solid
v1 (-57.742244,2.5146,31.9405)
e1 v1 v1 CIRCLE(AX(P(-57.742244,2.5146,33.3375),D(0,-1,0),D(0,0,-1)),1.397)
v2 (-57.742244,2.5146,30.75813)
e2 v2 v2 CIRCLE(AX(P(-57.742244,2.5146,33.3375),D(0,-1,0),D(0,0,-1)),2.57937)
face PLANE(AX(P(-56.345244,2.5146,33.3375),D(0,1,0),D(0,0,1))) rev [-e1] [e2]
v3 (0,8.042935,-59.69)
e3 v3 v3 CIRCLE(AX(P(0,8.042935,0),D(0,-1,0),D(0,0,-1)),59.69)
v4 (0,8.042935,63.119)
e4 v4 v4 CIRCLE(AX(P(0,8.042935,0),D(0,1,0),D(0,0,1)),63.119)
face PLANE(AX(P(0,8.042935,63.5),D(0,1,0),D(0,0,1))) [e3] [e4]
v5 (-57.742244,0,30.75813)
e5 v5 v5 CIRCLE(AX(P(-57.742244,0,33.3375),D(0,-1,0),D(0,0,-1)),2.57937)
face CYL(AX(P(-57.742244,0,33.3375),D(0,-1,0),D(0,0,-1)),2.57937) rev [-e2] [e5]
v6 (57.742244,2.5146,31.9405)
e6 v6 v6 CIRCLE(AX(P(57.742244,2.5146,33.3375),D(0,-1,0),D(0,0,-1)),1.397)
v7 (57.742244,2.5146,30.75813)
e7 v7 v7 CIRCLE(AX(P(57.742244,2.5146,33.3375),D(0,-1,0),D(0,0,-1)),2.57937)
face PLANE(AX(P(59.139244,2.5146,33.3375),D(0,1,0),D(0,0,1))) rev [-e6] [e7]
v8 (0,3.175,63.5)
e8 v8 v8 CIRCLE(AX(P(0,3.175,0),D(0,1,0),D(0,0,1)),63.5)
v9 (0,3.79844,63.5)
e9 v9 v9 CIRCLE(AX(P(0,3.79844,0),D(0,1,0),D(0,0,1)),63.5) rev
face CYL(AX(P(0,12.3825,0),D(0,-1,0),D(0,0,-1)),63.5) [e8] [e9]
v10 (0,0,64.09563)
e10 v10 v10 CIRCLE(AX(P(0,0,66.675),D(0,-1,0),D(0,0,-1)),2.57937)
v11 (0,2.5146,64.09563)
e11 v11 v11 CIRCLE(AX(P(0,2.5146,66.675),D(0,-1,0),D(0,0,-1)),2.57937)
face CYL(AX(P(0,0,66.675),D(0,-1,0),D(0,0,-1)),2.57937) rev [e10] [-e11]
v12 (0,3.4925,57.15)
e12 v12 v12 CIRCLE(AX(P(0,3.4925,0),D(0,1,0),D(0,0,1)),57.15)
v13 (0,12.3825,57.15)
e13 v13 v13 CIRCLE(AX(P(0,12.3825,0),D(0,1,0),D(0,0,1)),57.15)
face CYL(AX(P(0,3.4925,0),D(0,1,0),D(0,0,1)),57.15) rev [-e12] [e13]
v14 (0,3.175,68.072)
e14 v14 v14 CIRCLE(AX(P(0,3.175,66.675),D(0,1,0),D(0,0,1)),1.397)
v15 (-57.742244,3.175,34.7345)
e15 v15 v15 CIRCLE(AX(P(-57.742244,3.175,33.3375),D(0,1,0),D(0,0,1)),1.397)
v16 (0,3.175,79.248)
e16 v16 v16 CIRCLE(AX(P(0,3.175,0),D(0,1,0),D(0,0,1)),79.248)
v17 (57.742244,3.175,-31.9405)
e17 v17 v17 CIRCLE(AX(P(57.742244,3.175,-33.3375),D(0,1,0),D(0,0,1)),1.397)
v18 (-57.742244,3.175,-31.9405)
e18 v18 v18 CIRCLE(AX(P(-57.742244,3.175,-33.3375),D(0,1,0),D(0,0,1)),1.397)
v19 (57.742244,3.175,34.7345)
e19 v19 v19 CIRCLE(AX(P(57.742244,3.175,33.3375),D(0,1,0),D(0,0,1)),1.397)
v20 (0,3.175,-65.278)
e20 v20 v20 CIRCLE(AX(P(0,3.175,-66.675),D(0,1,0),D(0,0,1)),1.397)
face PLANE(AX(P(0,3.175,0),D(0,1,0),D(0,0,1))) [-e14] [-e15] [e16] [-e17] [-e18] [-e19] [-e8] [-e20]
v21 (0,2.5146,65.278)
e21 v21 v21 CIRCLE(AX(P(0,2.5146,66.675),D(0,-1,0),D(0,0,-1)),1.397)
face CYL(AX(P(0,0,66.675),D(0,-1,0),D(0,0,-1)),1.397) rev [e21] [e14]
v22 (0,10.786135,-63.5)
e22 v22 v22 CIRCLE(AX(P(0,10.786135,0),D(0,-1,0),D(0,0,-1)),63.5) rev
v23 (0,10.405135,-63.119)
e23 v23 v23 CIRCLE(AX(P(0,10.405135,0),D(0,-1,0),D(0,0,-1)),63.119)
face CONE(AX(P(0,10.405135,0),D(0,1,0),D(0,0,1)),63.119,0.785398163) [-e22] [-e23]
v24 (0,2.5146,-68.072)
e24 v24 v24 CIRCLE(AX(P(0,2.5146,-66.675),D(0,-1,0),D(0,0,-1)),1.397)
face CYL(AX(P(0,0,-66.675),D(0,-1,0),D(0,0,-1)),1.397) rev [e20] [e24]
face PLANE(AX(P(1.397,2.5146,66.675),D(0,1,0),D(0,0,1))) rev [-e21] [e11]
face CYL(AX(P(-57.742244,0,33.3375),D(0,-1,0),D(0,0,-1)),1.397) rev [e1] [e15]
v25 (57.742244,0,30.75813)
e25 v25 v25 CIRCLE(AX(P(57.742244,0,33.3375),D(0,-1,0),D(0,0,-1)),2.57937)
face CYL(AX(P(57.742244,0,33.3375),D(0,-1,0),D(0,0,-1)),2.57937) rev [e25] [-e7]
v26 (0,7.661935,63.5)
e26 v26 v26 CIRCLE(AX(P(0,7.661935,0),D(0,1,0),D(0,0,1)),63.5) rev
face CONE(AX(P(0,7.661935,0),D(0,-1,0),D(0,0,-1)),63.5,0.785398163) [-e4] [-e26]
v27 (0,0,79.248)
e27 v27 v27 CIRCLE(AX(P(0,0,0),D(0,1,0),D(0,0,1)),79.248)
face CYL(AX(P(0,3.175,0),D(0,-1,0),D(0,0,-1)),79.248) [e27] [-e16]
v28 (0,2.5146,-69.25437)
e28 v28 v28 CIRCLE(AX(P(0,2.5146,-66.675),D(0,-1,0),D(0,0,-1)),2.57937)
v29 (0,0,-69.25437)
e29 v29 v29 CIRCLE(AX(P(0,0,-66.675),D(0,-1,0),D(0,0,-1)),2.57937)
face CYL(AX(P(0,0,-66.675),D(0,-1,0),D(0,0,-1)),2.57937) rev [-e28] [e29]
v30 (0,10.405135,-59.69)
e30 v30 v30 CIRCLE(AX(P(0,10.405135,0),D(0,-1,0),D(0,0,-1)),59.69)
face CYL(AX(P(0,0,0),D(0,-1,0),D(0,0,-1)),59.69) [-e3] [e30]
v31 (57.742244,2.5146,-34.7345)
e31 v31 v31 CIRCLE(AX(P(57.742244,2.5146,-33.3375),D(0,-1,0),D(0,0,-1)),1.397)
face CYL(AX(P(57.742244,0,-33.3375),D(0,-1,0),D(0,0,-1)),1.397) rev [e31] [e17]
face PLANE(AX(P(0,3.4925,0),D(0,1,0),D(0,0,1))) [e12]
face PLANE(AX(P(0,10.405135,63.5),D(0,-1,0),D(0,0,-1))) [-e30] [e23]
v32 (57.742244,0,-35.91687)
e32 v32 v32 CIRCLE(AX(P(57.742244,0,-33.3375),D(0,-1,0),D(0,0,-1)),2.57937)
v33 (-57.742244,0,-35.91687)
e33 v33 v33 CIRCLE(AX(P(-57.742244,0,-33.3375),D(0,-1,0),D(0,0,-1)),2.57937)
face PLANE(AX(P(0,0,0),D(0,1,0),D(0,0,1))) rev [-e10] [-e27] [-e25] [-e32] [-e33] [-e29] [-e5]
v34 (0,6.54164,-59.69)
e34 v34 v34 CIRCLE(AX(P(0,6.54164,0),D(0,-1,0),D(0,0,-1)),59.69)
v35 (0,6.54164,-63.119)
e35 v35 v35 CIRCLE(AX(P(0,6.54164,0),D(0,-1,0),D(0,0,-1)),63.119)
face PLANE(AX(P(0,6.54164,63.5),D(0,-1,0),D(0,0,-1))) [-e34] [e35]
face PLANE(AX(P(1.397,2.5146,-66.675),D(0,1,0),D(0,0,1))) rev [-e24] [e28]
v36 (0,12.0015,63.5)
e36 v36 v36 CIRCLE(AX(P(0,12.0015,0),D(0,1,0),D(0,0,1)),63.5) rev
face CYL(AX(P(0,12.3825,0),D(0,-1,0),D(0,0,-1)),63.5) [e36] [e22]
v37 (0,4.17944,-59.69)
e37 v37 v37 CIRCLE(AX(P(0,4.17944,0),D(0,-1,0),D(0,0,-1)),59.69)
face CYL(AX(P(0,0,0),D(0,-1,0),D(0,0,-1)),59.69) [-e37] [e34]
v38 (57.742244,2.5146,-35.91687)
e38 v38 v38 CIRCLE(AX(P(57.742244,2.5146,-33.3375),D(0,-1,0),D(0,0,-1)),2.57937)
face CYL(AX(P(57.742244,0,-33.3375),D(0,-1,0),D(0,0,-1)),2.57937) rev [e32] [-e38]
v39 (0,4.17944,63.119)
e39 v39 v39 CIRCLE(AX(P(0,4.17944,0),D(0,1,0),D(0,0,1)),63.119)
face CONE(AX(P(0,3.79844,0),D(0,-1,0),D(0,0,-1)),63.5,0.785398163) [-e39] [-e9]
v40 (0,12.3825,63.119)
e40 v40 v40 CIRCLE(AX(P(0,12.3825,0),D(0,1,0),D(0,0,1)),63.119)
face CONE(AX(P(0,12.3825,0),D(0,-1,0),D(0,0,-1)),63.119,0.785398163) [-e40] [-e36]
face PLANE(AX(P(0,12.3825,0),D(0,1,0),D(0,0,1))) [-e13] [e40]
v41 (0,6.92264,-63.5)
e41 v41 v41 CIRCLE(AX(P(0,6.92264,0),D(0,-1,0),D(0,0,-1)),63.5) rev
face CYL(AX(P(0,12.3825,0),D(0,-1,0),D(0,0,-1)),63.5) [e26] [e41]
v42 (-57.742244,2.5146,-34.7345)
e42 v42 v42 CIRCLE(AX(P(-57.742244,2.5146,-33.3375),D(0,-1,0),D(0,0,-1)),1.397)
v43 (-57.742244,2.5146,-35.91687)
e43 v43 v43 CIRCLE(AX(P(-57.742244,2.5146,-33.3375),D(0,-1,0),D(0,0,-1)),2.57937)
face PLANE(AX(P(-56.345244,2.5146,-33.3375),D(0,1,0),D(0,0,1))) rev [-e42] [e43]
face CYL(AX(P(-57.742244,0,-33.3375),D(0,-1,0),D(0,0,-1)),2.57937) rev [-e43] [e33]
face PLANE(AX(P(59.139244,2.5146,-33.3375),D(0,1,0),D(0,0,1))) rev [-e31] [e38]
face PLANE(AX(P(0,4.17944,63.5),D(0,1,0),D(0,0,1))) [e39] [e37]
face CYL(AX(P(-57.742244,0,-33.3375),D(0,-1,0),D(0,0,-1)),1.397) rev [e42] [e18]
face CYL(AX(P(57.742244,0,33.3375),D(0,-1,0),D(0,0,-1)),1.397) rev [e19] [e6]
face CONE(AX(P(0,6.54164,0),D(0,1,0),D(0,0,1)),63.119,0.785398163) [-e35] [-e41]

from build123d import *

# Parameters (mm, degrees)
SKETCH1_R                                      = 79.248
EXTRUDE1_DEPTH                                 = 3.175
SKETCH2_R                                      = 63.5
EXTRUDE2_DEPTH                                 = 9.2075
SKETCH4_W                                      = 3.81
SKETCH4_H                                      = 2.3622
CHAMFER1_SIZE                                  = 0.381
SKETCH8_R                                      = 57.15
CUT_EXTRUDE1_DEPTH                             = 8.89
CBORE_FOR_3_SOCKET_HEAD_CAP_SCREW1_D           = 2.794
CBORE_FOR_3_SOCKET_HEAD_CAP_SCREW1_CBORE_D     = 5.15874
CBORE_FOR_3_SOCKET_HEAD_CAP_SCREW1_CBORE_DEPTH = 2.5146
CIRPATTERN1_COUNT                              = 6


with BuildPart() as part:
    # Sketch1 → Extrude1 (new body)
    with BuildSketch(Plane(origin=(0, 0, 0), x_dir=(1, 0, 0), z_dir=(0, 1, 0))):
        Circle(SKETCH1_R)
    extrude(amount=EXTRUDE1_DEPTH)

    # Sketch2 → Extrude2 (add)
    with BuildSketch(Plane(origin=(0, 3.175, 0), x_dir=(-1, 0, 0), z_dir=(0, 1, 0))):
        Circle(SKETCH2_R)
    extrude(amount=EXTRUDE2_DEPTH)

    # Sketch4 → Cut-Revolve7 (revolve, cut)
    with BuildSketch(Plane(origin=(0, 0, 0), x_dir=(0, 0, -1), z_dir=(1, 0, 0))):
        with Locations((-61.595, 9.224034757)):
            Rectangle(SKETCH4_W, SKETCH4_H)
        with Locations((-61.595, 5.360539726)):
            Rectangle(SKETCH4_W, SKETCH4_H)
    revolve(axis=Axis((0, 0, 0), (0, 1, 0)), mode=Mode.SUBTRACT)

    # Chamfer1
    chamfer1_edges = [part.edges().sort_by_distance(p)[0] for p in [
        (63.5, 12.3825, 0),
        (63.5, 4.179439726, 0),
        (63.5, 6.541639726, 0),
        (63.5, 8.042934757, 0),
        (63.5, 10.405134757, 0),
    ]]
    chamfer(chamfer1_edges, length=CHAMFER1_SIZE)

    # Sketch8 → Cut-Extrude1 (cut)
    with BuildSketch(Plane(origin=(0, 12.3825, 0), x_dir=(1, 0, 0), z_dir=(0, 1, 0))):
        Circle(SKETCH8_R)
    extrude(amount=-CUT_EXTRUDE1_DEPTH, mode=Mode.SUBTRACT)

    # CBORE for #3 Socket Head Cap Screw1 (through all)
    with Locations(Plane(origin=(57.742243797, 0, 33.3375), x_dir=(0, 0, -1), z_dir=(0, -1, 0))):
        with Locations((0, 0)):
            cbore_for_3_socket_head_cap_screw1 = CounterBoreHole(CBORE_FOR_3_SOCKET_HEAD_CAP_SCREW1_D / 2, CBORE_FOR_3_SOCKET_HEAD_CAP_SCREW1_CBORE_D / 2, CBORE_FOR_3_SOCKET_HEAD_CAP_SCREW1_CBORE_DEPTH)

    # CirPattern1: CBORE for #3 Socket Head Cap Screw1 ×6 about axis
    cirpattern1_axis = Axis((0, -73.968573618, 0), (0, 1, 0))
    for i in range(1, CIRPATTERN1_COUNT):
        add(cbore_for_3_socket_head_cap_screw1.rotate(cirpattern1_axis, i * 360 / CIRPATTERN1_COUNT), mode=Mode.SUBTRACT)


solid = part.part
